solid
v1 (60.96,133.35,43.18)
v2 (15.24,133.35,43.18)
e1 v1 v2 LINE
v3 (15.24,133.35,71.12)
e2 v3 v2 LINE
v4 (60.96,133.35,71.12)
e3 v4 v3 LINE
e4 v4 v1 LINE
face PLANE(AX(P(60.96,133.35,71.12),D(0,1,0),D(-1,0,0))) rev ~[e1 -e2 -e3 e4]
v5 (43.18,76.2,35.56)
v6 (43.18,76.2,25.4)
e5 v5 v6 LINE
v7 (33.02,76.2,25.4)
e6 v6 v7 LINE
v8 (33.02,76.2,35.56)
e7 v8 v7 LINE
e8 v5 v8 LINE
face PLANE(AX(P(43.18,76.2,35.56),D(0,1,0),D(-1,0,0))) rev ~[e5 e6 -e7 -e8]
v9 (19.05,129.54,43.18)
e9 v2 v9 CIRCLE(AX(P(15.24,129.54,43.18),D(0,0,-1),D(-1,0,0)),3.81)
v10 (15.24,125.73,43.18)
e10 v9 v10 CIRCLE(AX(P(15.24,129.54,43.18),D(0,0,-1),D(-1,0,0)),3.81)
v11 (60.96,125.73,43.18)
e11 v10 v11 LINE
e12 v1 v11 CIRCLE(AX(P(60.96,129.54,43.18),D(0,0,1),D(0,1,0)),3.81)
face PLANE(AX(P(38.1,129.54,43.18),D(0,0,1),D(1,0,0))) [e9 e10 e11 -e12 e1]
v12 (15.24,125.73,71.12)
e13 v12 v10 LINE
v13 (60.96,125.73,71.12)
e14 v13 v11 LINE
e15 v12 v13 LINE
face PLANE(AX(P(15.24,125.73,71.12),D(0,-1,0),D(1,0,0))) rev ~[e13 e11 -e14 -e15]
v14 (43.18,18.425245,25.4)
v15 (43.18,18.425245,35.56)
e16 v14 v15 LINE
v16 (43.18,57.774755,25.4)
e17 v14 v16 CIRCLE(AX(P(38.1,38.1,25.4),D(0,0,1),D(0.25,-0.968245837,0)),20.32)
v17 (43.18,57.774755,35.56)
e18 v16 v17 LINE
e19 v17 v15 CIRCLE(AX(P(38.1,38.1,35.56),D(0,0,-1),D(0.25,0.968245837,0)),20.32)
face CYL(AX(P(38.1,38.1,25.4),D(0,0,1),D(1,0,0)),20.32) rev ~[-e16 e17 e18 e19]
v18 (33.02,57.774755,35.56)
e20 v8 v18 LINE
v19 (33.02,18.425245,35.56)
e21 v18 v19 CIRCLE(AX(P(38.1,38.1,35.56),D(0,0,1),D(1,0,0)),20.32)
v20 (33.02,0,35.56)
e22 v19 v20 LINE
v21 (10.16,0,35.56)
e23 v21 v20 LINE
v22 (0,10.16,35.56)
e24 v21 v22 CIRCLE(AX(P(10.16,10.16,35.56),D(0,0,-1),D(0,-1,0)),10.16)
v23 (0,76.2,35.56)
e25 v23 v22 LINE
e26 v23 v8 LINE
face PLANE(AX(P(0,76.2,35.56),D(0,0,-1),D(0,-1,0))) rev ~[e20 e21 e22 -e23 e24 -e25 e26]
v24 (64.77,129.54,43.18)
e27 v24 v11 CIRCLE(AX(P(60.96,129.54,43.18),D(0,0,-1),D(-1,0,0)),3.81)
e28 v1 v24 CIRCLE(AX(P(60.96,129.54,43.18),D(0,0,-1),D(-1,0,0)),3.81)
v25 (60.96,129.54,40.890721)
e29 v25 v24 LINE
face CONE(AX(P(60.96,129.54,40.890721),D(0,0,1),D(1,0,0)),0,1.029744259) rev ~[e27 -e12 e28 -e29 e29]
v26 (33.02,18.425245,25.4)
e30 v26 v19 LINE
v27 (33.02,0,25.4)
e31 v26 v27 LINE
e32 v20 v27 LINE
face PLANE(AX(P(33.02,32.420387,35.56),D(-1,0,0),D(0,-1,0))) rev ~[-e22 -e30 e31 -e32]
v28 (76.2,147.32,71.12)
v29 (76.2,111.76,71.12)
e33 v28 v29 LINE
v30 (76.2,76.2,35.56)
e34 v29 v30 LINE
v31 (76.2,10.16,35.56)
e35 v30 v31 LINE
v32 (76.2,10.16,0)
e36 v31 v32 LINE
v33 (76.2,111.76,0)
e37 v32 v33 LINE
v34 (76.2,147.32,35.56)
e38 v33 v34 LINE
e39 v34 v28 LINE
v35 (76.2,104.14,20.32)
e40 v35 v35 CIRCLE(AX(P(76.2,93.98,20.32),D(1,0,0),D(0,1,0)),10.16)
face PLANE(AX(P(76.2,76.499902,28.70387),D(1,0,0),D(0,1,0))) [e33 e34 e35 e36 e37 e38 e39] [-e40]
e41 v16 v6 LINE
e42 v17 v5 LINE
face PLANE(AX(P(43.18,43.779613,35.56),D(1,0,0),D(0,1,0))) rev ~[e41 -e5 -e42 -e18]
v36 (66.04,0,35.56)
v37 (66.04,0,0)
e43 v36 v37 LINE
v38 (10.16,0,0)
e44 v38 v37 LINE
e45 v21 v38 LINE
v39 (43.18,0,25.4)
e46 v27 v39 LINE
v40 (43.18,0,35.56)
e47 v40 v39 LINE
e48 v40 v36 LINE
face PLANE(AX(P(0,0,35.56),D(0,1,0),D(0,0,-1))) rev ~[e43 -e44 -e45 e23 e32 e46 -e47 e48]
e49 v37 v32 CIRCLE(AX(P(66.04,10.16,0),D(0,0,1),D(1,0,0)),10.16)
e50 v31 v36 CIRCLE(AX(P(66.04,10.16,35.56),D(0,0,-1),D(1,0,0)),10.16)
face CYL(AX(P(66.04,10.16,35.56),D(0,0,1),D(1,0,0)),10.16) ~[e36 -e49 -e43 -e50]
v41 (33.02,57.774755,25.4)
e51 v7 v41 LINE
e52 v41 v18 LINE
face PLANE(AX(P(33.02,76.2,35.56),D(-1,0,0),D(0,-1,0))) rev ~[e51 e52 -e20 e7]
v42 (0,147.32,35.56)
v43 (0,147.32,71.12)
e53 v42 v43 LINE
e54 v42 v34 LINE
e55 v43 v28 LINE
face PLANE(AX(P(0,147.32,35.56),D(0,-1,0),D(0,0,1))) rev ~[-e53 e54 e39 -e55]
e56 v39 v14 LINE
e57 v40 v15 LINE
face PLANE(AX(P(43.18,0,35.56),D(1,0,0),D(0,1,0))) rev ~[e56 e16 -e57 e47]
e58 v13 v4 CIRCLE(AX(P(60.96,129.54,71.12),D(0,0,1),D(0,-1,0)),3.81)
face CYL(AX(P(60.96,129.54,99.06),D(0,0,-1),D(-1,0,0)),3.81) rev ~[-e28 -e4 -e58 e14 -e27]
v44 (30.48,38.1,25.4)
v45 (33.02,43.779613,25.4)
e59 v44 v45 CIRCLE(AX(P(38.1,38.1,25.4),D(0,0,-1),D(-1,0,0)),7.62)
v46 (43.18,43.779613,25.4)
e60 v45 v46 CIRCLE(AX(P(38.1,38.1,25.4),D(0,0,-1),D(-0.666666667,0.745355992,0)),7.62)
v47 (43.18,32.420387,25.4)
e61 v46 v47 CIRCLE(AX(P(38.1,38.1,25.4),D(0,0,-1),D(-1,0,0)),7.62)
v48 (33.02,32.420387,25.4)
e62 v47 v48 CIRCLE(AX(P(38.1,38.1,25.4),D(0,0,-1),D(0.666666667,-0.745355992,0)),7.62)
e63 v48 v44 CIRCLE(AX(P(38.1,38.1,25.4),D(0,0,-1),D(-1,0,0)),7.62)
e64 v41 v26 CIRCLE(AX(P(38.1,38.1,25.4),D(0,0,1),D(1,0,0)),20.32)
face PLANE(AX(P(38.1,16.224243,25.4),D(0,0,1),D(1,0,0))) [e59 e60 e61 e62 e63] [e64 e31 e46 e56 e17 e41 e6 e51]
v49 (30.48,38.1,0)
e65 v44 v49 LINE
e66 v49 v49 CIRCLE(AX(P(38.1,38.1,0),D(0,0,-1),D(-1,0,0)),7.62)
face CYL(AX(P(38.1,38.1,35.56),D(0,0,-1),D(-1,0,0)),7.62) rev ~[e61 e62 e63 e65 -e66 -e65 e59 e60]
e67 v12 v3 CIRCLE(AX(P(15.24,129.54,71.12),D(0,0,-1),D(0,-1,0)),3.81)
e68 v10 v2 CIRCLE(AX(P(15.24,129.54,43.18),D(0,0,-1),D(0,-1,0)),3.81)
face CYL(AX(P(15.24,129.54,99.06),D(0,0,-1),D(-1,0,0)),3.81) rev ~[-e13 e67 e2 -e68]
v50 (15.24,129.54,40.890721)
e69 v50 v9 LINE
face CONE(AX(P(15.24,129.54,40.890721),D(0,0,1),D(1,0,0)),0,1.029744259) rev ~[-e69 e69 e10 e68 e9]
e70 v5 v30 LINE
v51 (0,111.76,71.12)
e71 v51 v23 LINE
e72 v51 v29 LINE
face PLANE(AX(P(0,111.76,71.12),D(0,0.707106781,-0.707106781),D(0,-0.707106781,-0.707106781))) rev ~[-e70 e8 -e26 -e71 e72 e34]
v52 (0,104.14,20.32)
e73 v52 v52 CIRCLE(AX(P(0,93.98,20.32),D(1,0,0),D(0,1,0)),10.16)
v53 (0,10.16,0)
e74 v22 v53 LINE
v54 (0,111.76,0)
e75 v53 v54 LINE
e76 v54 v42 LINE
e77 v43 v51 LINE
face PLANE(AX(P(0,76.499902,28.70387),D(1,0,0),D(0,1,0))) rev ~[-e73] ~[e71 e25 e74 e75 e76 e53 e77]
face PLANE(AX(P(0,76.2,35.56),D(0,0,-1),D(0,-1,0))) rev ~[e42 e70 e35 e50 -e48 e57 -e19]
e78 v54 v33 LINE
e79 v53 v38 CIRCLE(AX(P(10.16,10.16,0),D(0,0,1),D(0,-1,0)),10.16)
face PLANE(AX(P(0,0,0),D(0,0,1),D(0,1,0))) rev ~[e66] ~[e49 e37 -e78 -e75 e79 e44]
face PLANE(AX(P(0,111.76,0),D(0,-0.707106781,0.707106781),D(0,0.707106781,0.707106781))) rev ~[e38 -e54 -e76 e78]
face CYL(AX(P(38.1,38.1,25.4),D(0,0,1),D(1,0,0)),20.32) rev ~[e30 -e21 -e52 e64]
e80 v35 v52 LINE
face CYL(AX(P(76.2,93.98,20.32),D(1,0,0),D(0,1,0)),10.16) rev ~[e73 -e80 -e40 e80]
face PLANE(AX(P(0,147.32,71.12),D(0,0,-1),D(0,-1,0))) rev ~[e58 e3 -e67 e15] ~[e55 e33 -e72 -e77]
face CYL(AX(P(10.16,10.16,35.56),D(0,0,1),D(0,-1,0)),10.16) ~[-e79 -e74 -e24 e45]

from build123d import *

# Parameters (mm, degrees)
F1_DEPTH       = 76.2
F3_DEPTH       = 35.561
F7_D           = 7.62
F7_DEPTH       = 27.94
F7_TIP         = 2.2892789585
F8_DEPTH       = 27.94
F9_D           = 15.24
F9_CBORE_D     = 40.64
F9_CBORE_DEPTH = 10.16
F10_DEPTH      = 10.16
F4_R           = 10.16
F11_DEPTH      = 76.201


with BuildPart() as f1:
    # F0 (on Right) → F1 (new body)
    with BuildSketch(Plane.YZ):
        Polygon((0, 35.56), (0, 0), (111.76, 0), (147.32, 35.56), (147.32, 71.12), (111.76, 71.12), (76.2, 35.56), align=None)
    extrude(amount=F1_DEPTH)

    # F2 (on face) → F3 (cut, through all)
    with BuildSketch(Plane.XY.offset(35.56)):
        with BuildLine():
            Line((0, 0), (10.16, 0))
            ThreePointArc((10.16, 0), (2.9757951031, 2.9757951031), (0, 10.16))
            Line((0, 10.16), (0, 0))
        make_face()
        with BuildLine():
            ThreePointArc((76.2, 10.16), (73.2242048969, 2.9757951031), (66.04, 0))
            Line((66.04, 0), (76.2, 0))
            Line((76.2, 0), (76.2, 10.16))
        make_face()
    extrude(amount=-F3_DEPTH, mode=Mode.SUBTRACT)

    # F7
    with Locations(Plane.XY.offset(71.12)):
        with Locations((15.24, 129.54), (60.96, 129.54)):
            Hole(F7_D / 2, depth=F7_DEPTH)
            with Locations((0, 0, -(F7_DEPTH + F7_TIP / 2))):  # 118° drill point
                Cone(0, F7_D / 2, F7_TIP, mode=Mode.SUBTRACT)

    # F5 (on face) → F8 (cut)
    with BuildSketch(Plane.XY.offset(71.12)):
        with BuildLine():
            ThreePointArc((15.24, 133.35), (11.43, 129.54), (15.24, 125.73))
            Line((15.24, 125.73), (60.96, 125.73))
            ThreePointArc((60.96, 125.73), (64.77, 129.54), (60.96, 133.35))
            Line((60.96, 133.35), (15.24, 133.35))
        make_face()
    extrude(amount=-F8_DEPTH, mode=Mode.SUBTRACT)

    # F9 (through all)
    with Locations(Plane.XY.offset(35.56)):
        with Locations((38.1, 38.1)):
            CounterBoreHole(F9_D / 2, F9_CBORE_D / 2, F9_CBORE_DEPTH)

    # F6 (on face) → F10 (cut)
    with BuildSketch(Plane.XY.offset(35.56)):
        with BuildLine():
            Line((43.18, 0), (43.18, 32.4203873372))
            ThreePointArc((43.18, 32.4203873372), (38.1, 30.48), (33.02, 32.4203873372))
            Line((33.02, 32.4203873372), (33.02, 0))
            Line((33.02, 0), (43.18, 0))
        make_face()
        with BuildLine():
            ThreePointArc((33.02, 43.7796126628), (38.1, 45.72), (43.18, 43.7796126628))
            Line((43.18, 43.7796126628), (43.18, 76.2))
            Line((43.18, 76.2), (33.02, 76.2))
            Line((33.02, 76.2), (33.02, 43.7796126628))
        make_face()
    extrude(amount=-F10_DEPTH, mode=Mode.SUBTRACT)

    # F4 (on face) → F11 (cut, through all)
    with BuildSketch(Plane.YZ.offset(76.2)):
        with Locations((93.98, 20.32)):
            Circle(F4_R)
    extrude(amount=-F11_DEPTH, mode=Mode.SUBTRACT)


solid = f1.part
